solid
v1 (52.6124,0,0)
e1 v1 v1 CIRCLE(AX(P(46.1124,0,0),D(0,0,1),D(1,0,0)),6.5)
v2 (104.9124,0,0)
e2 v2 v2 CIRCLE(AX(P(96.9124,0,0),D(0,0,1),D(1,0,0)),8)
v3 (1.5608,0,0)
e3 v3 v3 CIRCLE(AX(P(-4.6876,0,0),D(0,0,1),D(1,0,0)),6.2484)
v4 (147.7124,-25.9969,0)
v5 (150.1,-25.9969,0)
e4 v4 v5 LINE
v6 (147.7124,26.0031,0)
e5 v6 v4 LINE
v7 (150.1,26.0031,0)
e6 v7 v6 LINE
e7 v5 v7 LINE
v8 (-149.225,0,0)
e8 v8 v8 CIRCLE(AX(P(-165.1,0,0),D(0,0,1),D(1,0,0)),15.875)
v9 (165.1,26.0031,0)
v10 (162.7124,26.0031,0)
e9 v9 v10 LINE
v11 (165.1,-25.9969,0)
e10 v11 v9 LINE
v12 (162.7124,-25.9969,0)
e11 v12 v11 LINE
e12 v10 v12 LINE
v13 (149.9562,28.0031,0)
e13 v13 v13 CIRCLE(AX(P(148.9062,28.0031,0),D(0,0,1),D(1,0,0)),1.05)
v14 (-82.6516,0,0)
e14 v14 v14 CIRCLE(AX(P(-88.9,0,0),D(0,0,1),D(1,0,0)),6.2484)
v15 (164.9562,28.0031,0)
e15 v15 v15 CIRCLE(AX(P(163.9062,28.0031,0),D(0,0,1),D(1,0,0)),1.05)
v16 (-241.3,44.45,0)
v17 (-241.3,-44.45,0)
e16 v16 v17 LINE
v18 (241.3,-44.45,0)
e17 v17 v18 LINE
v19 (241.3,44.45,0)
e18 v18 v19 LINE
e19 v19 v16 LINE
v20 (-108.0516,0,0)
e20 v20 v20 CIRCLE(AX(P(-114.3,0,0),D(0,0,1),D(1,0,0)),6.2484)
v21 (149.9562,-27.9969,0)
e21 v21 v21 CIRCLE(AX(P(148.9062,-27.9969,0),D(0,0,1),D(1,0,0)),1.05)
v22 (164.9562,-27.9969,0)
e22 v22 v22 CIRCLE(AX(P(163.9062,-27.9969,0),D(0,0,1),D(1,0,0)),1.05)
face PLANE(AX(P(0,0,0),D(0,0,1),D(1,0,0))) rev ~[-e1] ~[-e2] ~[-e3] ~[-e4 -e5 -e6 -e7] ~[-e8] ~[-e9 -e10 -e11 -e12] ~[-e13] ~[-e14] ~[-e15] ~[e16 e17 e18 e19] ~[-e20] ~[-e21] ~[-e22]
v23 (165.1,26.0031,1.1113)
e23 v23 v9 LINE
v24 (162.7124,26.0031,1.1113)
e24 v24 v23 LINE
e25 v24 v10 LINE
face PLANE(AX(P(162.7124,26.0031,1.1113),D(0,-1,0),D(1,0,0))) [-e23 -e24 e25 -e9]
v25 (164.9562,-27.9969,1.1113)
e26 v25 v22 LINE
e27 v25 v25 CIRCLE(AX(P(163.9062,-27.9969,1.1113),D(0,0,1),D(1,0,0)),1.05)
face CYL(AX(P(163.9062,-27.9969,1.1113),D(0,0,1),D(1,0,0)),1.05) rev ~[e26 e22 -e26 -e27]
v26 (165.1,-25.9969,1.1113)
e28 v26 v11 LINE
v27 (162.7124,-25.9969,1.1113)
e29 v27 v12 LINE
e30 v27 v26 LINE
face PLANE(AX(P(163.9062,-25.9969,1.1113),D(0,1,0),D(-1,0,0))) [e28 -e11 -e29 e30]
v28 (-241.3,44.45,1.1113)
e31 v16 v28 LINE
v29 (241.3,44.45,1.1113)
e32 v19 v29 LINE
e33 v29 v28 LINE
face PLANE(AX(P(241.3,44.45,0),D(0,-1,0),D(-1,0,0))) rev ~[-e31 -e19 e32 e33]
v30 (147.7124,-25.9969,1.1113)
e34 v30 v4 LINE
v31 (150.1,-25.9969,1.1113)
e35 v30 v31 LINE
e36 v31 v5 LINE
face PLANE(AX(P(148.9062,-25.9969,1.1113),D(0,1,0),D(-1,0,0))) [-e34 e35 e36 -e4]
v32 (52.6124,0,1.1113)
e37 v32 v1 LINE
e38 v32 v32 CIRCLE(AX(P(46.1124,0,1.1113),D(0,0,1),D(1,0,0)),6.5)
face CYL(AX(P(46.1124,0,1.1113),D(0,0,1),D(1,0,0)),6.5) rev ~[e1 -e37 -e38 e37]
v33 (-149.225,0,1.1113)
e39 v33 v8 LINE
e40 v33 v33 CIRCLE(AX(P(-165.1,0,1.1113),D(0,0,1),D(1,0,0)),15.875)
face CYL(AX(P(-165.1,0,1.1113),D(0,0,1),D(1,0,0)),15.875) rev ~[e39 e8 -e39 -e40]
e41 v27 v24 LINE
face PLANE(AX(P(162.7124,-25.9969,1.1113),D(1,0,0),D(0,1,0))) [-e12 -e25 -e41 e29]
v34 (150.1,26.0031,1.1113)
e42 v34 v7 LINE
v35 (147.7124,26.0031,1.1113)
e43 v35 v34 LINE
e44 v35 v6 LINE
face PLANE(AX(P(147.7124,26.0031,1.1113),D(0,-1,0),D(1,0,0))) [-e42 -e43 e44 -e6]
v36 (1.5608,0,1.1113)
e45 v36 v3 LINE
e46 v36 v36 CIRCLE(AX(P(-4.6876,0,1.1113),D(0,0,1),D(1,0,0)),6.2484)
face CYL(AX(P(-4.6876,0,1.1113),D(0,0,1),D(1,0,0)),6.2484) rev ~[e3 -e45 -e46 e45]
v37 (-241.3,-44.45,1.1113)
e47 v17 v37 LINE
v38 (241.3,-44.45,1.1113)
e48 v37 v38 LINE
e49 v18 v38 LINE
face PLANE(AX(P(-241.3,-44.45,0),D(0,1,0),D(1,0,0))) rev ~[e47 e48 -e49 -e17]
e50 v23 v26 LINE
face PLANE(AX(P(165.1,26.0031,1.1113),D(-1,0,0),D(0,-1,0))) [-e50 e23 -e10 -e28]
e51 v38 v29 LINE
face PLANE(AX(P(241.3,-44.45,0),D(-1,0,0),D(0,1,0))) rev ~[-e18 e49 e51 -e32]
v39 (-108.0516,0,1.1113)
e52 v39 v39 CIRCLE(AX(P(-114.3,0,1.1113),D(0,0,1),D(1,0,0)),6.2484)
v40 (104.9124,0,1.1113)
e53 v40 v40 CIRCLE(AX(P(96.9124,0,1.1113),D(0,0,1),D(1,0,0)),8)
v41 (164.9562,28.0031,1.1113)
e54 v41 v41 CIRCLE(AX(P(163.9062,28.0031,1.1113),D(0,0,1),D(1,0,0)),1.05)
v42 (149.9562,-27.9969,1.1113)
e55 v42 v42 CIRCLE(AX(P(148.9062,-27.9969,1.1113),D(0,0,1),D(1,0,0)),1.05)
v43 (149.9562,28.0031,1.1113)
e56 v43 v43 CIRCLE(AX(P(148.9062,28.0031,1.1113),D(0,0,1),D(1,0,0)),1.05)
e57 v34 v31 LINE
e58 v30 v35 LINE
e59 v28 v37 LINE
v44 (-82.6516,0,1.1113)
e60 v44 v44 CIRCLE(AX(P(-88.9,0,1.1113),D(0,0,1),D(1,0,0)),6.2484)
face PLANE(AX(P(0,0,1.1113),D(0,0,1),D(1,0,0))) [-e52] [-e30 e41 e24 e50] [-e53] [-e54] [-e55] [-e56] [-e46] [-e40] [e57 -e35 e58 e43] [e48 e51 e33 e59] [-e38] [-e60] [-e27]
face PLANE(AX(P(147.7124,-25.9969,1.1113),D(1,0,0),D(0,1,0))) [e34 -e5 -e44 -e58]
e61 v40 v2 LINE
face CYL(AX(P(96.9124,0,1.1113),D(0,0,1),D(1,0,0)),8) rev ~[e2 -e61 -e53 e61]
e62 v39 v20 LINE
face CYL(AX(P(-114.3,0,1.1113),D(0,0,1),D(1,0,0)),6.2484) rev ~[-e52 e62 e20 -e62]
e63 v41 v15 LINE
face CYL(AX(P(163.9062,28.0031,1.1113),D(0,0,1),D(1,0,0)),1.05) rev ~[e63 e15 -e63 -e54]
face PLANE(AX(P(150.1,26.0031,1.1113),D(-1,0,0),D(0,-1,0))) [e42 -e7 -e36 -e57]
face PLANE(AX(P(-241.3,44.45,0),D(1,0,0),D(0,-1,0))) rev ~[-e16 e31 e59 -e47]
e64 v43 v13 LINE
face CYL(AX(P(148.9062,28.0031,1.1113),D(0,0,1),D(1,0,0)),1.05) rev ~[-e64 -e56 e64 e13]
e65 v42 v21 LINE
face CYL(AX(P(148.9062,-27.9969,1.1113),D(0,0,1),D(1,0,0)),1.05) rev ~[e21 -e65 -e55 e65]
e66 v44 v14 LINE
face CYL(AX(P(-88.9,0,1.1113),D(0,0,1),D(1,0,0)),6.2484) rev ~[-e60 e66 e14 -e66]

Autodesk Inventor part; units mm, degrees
ref_plane "YZ Plane" through (0, 0, 0) normal (1, 0, 0) x (0, 1, 0)
ref_plane "XZ Plane" through (0, 0, 0) normal (0, 1, 0) x (-1, 0, 0)
ref_plane "XY Plane" through (0, 0, 0) normal (0, 0, 1) x (1, 0, 0)
sketch "Sketch1" plane through (0, 0, 0) normal (0, 0, 1) x (1, 0, 0)
  line L0 (-241.3, -44.45) -> (241.3, -44.45)
  line L1 (241.3, -44.45) -> (241.3, 44.45)
  line L2 (241.3, 44.45) -> (-241.3, 44.45)
  line L3 (-241.3, 44.45) -> (-241.3, -44.45)
  point P0 (0, 0)
  dimension "d0" = 482.6
  dimension "d1" = 88.9
  dimension "d62" = 44.45
  dimension "d63" = 241.3
extrude "Extrusion1" add sketch "Sketch1" along normal blind 1.1113
sketch "Sketch3" plane through (0, 0, 1.1113) normal (0, 0, 1) x (1, 0, 0)
  point P0 (0, 0)
sketch "Sketch4" plane through (0, 0, 1.1113) normal (0, 0, 1) x (1, 0, 0)
  line L0 (147.7124, 26.0031) -> (150.1, 26.0031)
  line L1 (150.1, 26.0031) -> (150.1, -25.9969)
  line L2 (150.1, -25.9969) -> (147.7124, -25.9969)
  line L3 (147.7124, -25.9969) -> (147.7124, 26.0031)
  line L4 (162.7124, 26.0031) -> (165.1, 26.0031)
  line L5 (165.1, 26.0031) -> (165.1, -25.9969)
  line L6 (165.1, -25.9969) -> (162.7124, -25.9969)
  line L7 (162.7124, -25.9969) -> (162.7124, 26.0031)
  line L8 (-241.3, -44.45) -> (241.3, -44.45) projected
  line L9 (241.3, -44.45) -> (241.3, 44.45) projected
  circle A0 centre (-114.3, 0) radius 6.2484
  circle A1 centre (-88.9, 0) radius 6.2484
  circle A2 centre (-4.6876, 0) radius 6.2484
  circle A3 centre (46.1124, 0) radius 6.5
  circle A4 centre (96.9124, 0) radius 8
  line L10 (241.3, 44.45) -> (-241.3, 44.45) projected
  line L11 (-241.3, -44.45) -> (241.3, -44.45) projected
  line L12 (241.3, -44.45) -> (241.3, 44.45) projected
  line L13 (241.3, 44.45) -> (-241.3, 44.45) projected
  line L14 (-241.3, 44.45) -> (-241.3, -44.45) projected
  circle A5 centre (163.9062, 28.0031) radius 1.05
  circle A6 centre (163.9062, -27.9969) radius 1.05
  circle A7 centre (148.9062, 28.0031) radius 1.05
  circle A8 centre (148.9062, -27.9969) radius 1.05
  circle A9 centre (-165.1, 0) radius 15.875
  line L15 (148.9062, 26.0031) -> (148.9062, -25.9969)
  line L16 (163.9062, 26.0031) -> (163.9062, -25.9969)
  point P0 (0, 0)
  dimension "d9" = 2.3876
  dimension "d12" = 2.3876
  dimension "d13" = 52
  dimension "d17" = 18.4531
  dimension "d18" = 52
  dimension "d20" = 18.4531
  dimension "d22" = 12.4968
  dimension "d23" = 12.4968
  dimension "d24" = 12.4968
  dimension "d26" = 13
  dimension "d27" = 16
  dimension "d28" = 50.8
  dimension "d35" = 44.45
  dimension "d36" = 44.45
  dimension "d38" = 44.45
  dimension "d40" = 44.45
  dimension "d42" = 50.8
  dimension "d47" = 2.1
  dimension "d48" = 2.1
  dimension "d49" = 56
  dimension "d50" = 2
  dimension "d53" = 2.1
  dimension "d54" = 2.1
  dimension "d55" = 56
  dimension "d58" = 2
  dimension "d59" = 76.2
  dimension "d65" = 31.75
  dimension "d66" = 25.4
  dimension "d67" = 44.45
  dimension "d68" = 50.8
  dimension "d69" = 76.2
  dimension "d70" = 44.45
  dimension "d71" = 50.8
  dimension "d74" = 15
  dimension "d75" = 0
  dimension "d76" = 0
  dimension "d77" = 0
  dimension "d78" = 0
extrude "Extrusion3" cut sketch "Sketch4" against normal up to next contours L0 L15 L2 L3 | L0 L1 L2 L15 | L4 L16 L6 L7 | L4 L5 L6 L16 | A0 | A1 | A2 | A3 | A4 | A5 | A6 | A7 | A8 | A9
properties part number "Faceplate"
